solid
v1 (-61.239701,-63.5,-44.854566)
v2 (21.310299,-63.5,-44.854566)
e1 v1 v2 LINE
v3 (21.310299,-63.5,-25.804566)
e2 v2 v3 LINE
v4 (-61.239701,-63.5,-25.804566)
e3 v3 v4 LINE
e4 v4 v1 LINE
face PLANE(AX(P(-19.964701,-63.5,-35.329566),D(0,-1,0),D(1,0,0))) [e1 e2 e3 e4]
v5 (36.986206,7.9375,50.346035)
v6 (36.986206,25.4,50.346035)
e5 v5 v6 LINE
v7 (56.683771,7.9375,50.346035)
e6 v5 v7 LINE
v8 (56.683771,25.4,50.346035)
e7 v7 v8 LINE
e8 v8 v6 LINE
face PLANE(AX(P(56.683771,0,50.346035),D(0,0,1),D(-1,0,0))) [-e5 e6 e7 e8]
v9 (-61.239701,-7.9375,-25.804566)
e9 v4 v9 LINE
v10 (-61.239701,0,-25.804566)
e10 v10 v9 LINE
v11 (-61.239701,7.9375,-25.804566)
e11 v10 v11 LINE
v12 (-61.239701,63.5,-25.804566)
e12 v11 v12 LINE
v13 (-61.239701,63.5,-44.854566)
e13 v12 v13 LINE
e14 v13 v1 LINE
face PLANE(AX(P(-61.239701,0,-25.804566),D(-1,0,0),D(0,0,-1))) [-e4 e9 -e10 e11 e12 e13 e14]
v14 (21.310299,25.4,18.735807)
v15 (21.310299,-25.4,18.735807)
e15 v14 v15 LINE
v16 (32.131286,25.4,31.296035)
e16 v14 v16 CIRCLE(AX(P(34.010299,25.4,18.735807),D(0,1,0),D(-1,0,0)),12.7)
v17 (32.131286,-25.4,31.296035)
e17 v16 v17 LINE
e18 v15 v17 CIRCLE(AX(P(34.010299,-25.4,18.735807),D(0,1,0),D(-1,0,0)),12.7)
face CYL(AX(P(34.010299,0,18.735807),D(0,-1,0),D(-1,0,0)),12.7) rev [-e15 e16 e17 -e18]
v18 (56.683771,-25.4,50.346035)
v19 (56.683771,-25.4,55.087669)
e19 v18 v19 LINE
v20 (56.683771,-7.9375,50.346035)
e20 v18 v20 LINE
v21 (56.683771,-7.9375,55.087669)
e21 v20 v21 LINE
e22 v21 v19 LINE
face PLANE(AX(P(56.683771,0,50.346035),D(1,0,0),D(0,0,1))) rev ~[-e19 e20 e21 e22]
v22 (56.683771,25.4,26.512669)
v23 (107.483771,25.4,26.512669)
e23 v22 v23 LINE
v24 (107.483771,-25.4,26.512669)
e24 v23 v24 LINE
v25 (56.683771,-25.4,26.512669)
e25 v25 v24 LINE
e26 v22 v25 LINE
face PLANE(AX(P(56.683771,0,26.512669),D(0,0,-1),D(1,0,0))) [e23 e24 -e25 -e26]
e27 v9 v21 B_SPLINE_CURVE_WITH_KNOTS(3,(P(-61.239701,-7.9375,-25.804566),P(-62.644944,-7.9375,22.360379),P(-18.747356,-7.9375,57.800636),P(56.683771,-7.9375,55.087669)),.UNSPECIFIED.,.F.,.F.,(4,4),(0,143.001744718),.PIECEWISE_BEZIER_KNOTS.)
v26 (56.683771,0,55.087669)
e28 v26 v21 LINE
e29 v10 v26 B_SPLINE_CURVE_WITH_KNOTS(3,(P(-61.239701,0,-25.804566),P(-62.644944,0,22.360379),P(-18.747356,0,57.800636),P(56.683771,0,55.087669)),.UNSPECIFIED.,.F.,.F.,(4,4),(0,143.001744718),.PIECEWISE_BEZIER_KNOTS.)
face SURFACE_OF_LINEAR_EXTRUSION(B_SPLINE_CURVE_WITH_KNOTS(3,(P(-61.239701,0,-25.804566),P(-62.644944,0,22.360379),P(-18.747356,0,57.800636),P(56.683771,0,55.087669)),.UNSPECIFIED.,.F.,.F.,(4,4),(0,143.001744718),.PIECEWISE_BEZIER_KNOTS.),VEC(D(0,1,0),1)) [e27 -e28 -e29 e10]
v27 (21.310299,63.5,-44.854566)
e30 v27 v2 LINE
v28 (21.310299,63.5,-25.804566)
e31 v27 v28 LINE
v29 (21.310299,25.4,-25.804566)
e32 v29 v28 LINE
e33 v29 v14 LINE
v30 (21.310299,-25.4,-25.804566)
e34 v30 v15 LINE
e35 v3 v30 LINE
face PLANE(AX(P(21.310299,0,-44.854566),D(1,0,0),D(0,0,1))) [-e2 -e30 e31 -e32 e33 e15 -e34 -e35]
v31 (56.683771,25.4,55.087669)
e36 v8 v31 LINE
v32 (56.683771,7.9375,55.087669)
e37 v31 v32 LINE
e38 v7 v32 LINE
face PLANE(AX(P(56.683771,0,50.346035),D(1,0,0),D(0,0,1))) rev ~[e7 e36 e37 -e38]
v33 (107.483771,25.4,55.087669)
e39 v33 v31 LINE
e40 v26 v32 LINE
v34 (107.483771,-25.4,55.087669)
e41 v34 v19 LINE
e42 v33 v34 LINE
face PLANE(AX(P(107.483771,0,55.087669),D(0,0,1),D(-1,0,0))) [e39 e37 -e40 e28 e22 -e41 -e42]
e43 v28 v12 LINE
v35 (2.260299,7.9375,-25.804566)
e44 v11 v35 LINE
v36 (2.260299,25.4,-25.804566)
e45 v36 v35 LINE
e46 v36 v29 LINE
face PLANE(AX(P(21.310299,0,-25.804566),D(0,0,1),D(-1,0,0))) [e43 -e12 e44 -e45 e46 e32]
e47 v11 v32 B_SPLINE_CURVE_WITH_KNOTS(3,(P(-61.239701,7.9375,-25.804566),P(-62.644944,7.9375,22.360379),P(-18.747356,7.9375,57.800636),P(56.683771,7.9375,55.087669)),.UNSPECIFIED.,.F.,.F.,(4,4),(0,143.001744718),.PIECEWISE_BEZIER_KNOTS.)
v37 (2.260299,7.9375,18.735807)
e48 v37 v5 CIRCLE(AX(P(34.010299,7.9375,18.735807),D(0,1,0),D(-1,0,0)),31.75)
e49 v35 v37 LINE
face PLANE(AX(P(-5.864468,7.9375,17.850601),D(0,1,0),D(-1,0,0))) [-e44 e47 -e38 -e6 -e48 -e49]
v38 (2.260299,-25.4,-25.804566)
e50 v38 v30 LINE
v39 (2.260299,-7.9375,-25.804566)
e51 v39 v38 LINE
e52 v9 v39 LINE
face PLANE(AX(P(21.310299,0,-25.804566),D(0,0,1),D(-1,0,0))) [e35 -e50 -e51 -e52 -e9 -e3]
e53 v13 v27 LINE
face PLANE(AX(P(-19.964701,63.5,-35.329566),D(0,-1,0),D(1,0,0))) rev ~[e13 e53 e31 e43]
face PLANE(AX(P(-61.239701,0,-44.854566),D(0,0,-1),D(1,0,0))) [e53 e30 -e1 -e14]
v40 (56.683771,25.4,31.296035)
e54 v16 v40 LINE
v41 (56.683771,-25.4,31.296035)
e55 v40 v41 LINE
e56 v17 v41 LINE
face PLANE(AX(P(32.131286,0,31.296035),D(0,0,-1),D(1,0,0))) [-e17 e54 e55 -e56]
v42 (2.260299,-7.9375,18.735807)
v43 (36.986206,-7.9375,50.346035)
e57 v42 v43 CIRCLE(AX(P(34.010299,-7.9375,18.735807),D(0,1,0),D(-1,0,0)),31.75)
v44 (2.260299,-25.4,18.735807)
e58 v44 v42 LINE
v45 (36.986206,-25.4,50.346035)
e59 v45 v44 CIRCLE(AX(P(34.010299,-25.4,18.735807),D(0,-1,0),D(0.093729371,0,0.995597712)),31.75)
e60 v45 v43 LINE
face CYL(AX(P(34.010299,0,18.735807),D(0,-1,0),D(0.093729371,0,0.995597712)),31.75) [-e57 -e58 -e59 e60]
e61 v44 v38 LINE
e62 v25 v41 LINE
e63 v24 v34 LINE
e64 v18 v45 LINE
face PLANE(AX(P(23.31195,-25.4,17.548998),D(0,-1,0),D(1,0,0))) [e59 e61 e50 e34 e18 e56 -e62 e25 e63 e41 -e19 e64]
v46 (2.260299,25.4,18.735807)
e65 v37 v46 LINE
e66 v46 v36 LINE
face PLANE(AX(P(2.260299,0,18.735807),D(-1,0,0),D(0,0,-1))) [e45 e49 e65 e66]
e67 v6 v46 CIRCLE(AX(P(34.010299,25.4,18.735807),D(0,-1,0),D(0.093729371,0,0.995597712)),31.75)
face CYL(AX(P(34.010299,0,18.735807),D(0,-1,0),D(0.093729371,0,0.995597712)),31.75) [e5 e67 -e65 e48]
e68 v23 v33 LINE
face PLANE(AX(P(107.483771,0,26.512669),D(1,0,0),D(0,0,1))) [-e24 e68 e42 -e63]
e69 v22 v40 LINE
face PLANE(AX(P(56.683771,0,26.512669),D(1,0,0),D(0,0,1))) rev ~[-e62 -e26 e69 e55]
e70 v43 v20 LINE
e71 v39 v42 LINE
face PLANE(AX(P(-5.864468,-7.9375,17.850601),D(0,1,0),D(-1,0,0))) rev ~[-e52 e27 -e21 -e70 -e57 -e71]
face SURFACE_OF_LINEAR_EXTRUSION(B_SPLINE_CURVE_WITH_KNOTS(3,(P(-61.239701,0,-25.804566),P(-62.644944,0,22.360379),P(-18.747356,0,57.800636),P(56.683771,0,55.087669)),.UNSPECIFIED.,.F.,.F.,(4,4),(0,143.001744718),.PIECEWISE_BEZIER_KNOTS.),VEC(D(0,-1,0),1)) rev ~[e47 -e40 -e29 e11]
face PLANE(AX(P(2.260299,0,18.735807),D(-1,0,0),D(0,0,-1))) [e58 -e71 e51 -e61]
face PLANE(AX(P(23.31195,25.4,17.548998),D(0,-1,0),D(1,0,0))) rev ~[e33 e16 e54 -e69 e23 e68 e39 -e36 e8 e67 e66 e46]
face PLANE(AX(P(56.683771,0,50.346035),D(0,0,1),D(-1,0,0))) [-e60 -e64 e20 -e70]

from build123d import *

# Parameters (mm, degrees)
F1_DEPTH = 63.5
F0_W     = 21.5476495911
F0_H     = 19.05
F0_H_2   = 4.74163435
F0_H_3   = 4.78336565
F2_DEPTH = 25.4
F3_DEPTH = 7.9375


with BuildPart() as f1:
    # F0 (on Front) → F1 (new body, symmetric)
    with BuildSketch(Plane.XZ):
        Polygon((2.2602985501, -25.8045658022), (-61.2397014499, -25.8045658022), (-61.2397014499, -44.8545658022), (21.3102985501, -44.8545658022), (21.3102985501, -25.8045658022), align=None)
    extrude(amount=F1_DEPTH, both=True)

    # F0 (on Front) → F2 (join, symmetric)
    with BuildSketch(Plane.XZ):
        with BuildLine():
            Line((2.2602985501, 18.735807389), (2.2602985501, -25.8045658022))
            Line((2.2602985501, -25.8045658022), (21.3102985501, -25.8045658022))
            Line((21.3102985501, -25.8045658022), (21.3102985501, 18.735807389))
            ThreePointArc((21.3102985501, 18.735807389), (24.3886183402, 27.025154163), (32.131285942, 31.2960347603))
            Line((32.131285942, 31.2960347603), (56.6837708669, 31.2960347603))
            Line((56.6837708669, 31.2960347603), (56.6837708669, 50.3460347603))
            Line((56.6837708669, 50.3460347603), (36.9862060647, 50.3460347603))
            ThreePointArc((36.9862060647, 50.3460347603), (12.6376824677, 42.2150276017), (2.2602985501, 18.735807389))
        make_face()
        with Locations((67.4575956625, 40.8210347603)):
            Rectangle(F0_W, F0_H)
        Polygon((107.4837708669, 55.0876691103), (78.231420458, 55.0876691103), (78.231420458, 50.3460347603), (78.231420458, 31.2960347603), (78.231420458, 26.5126691103), (107.4837708669, 26.5126691103), align=None)
        with Locations((67.4575956625, 52.7168519353)):
            Rectangle(F0_W, F0_H_2)
        with Locations((67.4575956625, 28.9043519353)):
            Rectangle(F0_W, F0_H_3)
    extrude(amount=F2_DEPTH, both=True)

    # F0 (on Front) → F3 (join, symmetric)
    with BuildSketch(Plane.XZ):
        with BuildLine():
            add(Edge.make_bspline(
                [(-61.2397014499, -25.8045658022), (-62.6449435949, 22.3603788763), (-18.7473557889, 57.8006356955), (56.6837708669, 55.0876691103)],
                knots=[0, 0, 0, 0, 143.001744718, 143.001744718, 143.001744718, 143.001744718], degree=3))
            Line((-61.2397014499, -25.8045658022), (2.2602985501, -25.8045658022))
            Line((2.2602985501, -25.8045658022), (2.2602985501, 18.735807389))
            ThreePointArc((2.2602985501, 18.735807389), (12.6376824677, 42.2150276017), (36.9862060647, 50.3460347603))
            Line((36.9862060647, 50.3460347603), (56.6837708669, 50.3460347603))
            Line((56.6837708669, 50.3460347603), (56.6837708669, 55.0876691103))
        make_face()
    extrude(amount=F3_DEPTH, both=True)


solid = f1.part
